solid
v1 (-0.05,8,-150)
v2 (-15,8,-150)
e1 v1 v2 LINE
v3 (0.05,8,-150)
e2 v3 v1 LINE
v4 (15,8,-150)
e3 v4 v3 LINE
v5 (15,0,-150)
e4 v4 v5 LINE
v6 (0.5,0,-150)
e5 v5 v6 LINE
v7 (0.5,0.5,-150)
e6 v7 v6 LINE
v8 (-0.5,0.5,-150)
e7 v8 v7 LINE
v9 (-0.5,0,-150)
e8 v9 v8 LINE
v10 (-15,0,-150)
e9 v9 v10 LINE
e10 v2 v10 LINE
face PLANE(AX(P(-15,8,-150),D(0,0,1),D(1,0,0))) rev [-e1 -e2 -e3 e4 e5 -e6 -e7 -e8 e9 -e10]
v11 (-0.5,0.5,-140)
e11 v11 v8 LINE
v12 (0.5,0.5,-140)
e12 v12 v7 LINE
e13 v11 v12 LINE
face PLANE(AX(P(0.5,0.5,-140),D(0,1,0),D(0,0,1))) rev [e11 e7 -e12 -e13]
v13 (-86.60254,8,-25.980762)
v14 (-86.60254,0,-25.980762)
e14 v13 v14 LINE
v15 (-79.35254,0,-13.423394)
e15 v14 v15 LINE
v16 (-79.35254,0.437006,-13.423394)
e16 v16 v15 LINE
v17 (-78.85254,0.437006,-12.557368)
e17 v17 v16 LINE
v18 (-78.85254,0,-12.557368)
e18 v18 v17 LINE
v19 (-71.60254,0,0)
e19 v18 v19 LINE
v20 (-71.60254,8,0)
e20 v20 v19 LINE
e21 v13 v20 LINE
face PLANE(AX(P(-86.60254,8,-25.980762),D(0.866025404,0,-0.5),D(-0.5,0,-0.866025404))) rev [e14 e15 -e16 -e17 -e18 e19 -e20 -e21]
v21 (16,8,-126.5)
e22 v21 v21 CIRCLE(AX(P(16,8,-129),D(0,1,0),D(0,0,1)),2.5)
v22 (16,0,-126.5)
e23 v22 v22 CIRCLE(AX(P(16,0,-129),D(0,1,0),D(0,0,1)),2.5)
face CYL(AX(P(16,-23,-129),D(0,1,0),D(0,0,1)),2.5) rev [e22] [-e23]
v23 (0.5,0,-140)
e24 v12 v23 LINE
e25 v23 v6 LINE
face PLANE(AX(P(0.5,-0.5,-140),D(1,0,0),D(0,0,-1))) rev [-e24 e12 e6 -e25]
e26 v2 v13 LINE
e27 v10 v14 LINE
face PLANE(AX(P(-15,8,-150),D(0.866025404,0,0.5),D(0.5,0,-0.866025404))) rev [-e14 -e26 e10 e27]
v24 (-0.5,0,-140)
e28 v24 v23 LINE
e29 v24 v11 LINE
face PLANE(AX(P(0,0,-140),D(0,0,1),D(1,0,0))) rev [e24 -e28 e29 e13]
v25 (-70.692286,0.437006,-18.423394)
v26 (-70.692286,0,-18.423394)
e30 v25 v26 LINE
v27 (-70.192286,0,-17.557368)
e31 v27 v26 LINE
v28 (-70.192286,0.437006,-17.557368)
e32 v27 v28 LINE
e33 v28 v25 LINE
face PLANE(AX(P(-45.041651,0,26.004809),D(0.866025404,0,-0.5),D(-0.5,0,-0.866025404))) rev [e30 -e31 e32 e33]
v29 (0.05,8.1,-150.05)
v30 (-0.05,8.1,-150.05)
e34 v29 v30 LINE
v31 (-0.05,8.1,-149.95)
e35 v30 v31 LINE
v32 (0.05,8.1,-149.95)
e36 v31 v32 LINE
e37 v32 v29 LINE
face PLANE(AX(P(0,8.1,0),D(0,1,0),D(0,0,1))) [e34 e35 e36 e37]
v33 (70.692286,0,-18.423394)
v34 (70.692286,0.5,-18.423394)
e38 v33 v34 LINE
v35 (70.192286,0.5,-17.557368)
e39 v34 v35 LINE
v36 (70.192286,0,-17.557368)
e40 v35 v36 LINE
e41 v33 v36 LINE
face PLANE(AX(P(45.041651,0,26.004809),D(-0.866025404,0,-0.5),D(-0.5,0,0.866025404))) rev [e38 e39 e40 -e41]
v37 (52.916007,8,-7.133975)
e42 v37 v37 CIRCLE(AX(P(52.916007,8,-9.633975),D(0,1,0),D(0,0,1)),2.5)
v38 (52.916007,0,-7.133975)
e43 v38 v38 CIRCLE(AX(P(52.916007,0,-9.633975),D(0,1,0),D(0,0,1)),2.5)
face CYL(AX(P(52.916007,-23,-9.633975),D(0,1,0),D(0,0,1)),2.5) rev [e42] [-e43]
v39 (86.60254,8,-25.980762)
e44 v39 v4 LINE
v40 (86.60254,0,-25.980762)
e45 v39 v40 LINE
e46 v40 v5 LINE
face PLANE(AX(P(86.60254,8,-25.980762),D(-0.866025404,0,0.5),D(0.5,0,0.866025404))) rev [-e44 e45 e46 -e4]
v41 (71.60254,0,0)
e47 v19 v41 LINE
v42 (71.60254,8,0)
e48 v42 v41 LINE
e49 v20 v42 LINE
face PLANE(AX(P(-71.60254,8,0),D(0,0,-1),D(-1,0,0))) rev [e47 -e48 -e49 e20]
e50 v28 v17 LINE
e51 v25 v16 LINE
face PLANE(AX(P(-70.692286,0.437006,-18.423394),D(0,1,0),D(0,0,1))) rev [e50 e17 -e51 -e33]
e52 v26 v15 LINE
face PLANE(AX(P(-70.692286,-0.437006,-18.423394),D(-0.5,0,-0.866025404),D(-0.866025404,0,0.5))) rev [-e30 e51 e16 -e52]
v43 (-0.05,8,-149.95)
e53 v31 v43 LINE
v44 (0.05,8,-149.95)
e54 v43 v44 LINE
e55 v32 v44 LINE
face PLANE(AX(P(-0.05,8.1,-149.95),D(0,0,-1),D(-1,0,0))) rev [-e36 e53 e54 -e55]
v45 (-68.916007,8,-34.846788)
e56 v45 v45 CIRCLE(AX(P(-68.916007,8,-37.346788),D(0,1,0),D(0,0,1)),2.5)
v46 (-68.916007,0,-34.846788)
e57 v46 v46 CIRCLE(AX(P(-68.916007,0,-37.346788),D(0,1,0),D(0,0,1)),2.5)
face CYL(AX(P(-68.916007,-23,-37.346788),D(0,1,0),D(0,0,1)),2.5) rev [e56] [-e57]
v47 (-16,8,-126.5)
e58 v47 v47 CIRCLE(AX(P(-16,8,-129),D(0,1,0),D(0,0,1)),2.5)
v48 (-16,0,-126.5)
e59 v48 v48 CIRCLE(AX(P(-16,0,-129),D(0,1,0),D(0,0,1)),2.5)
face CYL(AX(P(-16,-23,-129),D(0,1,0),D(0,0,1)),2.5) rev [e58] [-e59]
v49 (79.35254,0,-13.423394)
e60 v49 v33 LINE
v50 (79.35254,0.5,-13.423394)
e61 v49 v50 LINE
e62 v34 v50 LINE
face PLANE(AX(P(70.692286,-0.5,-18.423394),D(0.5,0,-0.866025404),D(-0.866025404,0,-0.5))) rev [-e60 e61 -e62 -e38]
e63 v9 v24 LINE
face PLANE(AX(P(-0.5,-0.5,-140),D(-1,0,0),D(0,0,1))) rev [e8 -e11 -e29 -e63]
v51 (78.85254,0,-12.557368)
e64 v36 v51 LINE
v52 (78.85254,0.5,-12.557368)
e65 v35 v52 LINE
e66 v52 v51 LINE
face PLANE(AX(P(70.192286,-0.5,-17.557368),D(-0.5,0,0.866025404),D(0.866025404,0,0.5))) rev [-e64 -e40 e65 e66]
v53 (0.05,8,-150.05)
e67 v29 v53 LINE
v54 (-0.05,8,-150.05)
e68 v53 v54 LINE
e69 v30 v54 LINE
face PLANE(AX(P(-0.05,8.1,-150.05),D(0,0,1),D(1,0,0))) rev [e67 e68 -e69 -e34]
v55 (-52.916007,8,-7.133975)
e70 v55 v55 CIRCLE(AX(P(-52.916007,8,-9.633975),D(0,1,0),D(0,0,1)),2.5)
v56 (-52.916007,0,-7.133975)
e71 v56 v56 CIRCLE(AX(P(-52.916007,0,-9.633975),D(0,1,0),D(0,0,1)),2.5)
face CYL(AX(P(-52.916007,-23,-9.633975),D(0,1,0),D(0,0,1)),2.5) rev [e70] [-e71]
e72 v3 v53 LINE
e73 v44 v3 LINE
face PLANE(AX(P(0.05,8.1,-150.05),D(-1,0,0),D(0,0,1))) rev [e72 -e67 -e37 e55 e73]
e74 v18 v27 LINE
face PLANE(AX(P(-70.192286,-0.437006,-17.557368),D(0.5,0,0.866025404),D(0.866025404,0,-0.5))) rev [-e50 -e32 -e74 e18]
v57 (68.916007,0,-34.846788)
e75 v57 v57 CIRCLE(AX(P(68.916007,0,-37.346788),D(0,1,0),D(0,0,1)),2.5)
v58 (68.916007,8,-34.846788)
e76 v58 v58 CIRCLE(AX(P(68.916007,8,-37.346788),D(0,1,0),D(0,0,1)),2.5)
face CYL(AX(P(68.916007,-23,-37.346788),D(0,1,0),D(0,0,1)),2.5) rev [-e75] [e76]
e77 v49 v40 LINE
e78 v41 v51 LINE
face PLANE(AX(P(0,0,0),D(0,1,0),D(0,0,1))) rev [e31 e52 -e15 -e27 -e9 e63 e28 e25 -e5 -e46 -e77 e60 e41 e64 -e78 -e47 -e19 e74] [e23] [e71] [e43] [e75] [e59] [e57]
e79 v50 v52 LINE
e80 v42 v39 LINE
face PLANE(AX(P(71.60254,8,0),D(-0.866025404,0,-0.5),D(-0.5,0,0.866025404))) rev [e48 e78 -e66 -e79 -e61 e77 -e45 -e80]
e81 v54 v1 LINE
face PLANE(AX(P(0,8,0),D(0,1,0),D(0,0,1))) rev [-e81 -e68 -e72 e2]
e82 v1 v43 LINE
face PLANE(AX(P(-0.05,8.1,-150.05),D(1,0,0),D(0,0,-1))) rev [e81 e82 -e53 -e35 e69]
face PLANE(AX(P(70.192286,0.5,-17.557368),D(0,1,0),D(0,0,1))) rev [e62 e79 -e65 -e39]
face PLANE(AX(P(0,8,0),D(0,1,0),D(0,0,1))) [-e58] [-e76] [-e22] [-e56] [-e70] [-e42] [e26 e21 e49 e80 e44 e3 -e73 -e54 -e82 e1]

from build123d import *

# Parameters (mm, degrees)
SALIENTE_EXTRUIR2_DEPTH = 8
CROQUIS3_R              = 2.5
CORTAR_EXTRUIR1_DEPTH   = 31
CROQUIS4_W              = 0.1
CROQUIS4_H              = 0.1
SALIENTE_EXTRUIR3_DEPTH = 0.1
CROQUIS5_W              = 1
CROQUIS5_H              = 0.8740111
CORTAR_EXTRUIR2_DEPTH   = 10
CROQUIS6_W              = 1
CROQUIS6_H              = 1
CORTAR_EXTRUIR3_DEPTH   = 10
CROQUIS8_W              = 1
CROQUIS8_H              = 1
CORTAR_EXTRUIR4_DEPTH   = 10


with BuildPart() as part:
    # Croquis1 → Saliente-Extruir2 (new body)
    with BuildSketch(Plane(origin=(0, 0, 0), x_dir=(1, 0, 0), z_dir=(0, 1, 0))):
        Polygon((71.602540378, 0), (86.602540378, 25.980762114), (15, 150), (-15, 150), (-86.602540378, 25.980762114), (-71.602540378, 0), align=None)
    extrude(amount=SALIENTE_EXTRUIR2_DEPTH)

    # Croquis3 → Cortar-Extruir1 (cut)
    with BuildSketch(Plane(origin=(0, 8, 0), x_dir=(1, 0, 0), z_dir=(0, 1, 0))):
        with Locations(Location((-16, 129, 0), (0, 0, 270))):
            Circle(CROQUIS3_R)
        with Locations(Location((16, 129, 0), (0, 0, 270))):
            Circle(CROQUIS3_R)
        with Locations(Location((-52.916006899, 9.633974596, 0), (0, 0, 270))):
            Circle(CROQUIS3_R)
        with Locations(Location((-68.916006899, 37.346787517, 0), (0, 0, 270))):
            Circle(CROQUIS3_R)
        with Locations(Location((52.916006899, 9.633974596, 0), (0, 0, 270))):
            Circle(CROQUIS3_R)
        with Locations(Location((68.916006899, 37.346787517, 0), (0, 0, 270))):
            Circle(CROQUIS3_R)
    extrude(amount=-CORTAR_EXTRUIR1_DEPTH, mode=Mode.SUBTRACT)

    # Croquis4 → Saliente-Extruir3 (add)
    with BuildSketch(Plane(origin=(0, 8, 0), x_dir=(1, 0, 0), z_dir=(0, 1, 0))):
        with Locations((0, 150)):
            Rectangle(CROQUIS4_W, CROQUIS4_H)
    extrude(amount=SALIENTE_EXTRUIR3_DEPTH)

    # Croquis5 → Cortar-Extruir2 (cut)
    with BuildSketch(Plane(origin=(-53.701905284, 0, 31.004809472), x_dir=(0.5000000000000006, 0, 0.8660254037844384), z_dir=(-0.8660254037844384, 0, 0.5000000000000006))):
        with Locations((-50.801270189, 0)):
            Rectangle(CROQUIS5_W, CROQUIS5_H)
    extrude(amount=-CORTAR_EXTRUIR2_DEPTH, mode=Mode.SUBTRACT)

    # Croquis6 → Cortar-Extruir3 (cut)
    with BuildSketch(Plane(origin=(53.701905284, 0, 31.004809472), x_dir=(0.4999999999999996, 0, -0.8660254037844389), z_dir=(0.8660254037844389, 0, 0.4999999999999996))):
        with Locations((50.801270189, 0)):
            Rectangle(CROQUIS6_W, CROQUIS6_H)
    extrude(amount=-CORTAR_EXTRUIR3_DEPTH, mode=Mode.SUBTRACT)

    # Croquis8 → Cortar-Extruir4 (cut)
    with BuildSketch(Plane(origin=(0, 0, -150), x_dir=(-1, 0, 0), z_dir=(0, 0, -1))):
        Rectangle(CROQUIS8_W, CROQUIS8_H)
    extrude(amount=-CORTAR_EXTRUIR4_DEPTH, mode=Mode.SUBTRACT)


solid = part.part
